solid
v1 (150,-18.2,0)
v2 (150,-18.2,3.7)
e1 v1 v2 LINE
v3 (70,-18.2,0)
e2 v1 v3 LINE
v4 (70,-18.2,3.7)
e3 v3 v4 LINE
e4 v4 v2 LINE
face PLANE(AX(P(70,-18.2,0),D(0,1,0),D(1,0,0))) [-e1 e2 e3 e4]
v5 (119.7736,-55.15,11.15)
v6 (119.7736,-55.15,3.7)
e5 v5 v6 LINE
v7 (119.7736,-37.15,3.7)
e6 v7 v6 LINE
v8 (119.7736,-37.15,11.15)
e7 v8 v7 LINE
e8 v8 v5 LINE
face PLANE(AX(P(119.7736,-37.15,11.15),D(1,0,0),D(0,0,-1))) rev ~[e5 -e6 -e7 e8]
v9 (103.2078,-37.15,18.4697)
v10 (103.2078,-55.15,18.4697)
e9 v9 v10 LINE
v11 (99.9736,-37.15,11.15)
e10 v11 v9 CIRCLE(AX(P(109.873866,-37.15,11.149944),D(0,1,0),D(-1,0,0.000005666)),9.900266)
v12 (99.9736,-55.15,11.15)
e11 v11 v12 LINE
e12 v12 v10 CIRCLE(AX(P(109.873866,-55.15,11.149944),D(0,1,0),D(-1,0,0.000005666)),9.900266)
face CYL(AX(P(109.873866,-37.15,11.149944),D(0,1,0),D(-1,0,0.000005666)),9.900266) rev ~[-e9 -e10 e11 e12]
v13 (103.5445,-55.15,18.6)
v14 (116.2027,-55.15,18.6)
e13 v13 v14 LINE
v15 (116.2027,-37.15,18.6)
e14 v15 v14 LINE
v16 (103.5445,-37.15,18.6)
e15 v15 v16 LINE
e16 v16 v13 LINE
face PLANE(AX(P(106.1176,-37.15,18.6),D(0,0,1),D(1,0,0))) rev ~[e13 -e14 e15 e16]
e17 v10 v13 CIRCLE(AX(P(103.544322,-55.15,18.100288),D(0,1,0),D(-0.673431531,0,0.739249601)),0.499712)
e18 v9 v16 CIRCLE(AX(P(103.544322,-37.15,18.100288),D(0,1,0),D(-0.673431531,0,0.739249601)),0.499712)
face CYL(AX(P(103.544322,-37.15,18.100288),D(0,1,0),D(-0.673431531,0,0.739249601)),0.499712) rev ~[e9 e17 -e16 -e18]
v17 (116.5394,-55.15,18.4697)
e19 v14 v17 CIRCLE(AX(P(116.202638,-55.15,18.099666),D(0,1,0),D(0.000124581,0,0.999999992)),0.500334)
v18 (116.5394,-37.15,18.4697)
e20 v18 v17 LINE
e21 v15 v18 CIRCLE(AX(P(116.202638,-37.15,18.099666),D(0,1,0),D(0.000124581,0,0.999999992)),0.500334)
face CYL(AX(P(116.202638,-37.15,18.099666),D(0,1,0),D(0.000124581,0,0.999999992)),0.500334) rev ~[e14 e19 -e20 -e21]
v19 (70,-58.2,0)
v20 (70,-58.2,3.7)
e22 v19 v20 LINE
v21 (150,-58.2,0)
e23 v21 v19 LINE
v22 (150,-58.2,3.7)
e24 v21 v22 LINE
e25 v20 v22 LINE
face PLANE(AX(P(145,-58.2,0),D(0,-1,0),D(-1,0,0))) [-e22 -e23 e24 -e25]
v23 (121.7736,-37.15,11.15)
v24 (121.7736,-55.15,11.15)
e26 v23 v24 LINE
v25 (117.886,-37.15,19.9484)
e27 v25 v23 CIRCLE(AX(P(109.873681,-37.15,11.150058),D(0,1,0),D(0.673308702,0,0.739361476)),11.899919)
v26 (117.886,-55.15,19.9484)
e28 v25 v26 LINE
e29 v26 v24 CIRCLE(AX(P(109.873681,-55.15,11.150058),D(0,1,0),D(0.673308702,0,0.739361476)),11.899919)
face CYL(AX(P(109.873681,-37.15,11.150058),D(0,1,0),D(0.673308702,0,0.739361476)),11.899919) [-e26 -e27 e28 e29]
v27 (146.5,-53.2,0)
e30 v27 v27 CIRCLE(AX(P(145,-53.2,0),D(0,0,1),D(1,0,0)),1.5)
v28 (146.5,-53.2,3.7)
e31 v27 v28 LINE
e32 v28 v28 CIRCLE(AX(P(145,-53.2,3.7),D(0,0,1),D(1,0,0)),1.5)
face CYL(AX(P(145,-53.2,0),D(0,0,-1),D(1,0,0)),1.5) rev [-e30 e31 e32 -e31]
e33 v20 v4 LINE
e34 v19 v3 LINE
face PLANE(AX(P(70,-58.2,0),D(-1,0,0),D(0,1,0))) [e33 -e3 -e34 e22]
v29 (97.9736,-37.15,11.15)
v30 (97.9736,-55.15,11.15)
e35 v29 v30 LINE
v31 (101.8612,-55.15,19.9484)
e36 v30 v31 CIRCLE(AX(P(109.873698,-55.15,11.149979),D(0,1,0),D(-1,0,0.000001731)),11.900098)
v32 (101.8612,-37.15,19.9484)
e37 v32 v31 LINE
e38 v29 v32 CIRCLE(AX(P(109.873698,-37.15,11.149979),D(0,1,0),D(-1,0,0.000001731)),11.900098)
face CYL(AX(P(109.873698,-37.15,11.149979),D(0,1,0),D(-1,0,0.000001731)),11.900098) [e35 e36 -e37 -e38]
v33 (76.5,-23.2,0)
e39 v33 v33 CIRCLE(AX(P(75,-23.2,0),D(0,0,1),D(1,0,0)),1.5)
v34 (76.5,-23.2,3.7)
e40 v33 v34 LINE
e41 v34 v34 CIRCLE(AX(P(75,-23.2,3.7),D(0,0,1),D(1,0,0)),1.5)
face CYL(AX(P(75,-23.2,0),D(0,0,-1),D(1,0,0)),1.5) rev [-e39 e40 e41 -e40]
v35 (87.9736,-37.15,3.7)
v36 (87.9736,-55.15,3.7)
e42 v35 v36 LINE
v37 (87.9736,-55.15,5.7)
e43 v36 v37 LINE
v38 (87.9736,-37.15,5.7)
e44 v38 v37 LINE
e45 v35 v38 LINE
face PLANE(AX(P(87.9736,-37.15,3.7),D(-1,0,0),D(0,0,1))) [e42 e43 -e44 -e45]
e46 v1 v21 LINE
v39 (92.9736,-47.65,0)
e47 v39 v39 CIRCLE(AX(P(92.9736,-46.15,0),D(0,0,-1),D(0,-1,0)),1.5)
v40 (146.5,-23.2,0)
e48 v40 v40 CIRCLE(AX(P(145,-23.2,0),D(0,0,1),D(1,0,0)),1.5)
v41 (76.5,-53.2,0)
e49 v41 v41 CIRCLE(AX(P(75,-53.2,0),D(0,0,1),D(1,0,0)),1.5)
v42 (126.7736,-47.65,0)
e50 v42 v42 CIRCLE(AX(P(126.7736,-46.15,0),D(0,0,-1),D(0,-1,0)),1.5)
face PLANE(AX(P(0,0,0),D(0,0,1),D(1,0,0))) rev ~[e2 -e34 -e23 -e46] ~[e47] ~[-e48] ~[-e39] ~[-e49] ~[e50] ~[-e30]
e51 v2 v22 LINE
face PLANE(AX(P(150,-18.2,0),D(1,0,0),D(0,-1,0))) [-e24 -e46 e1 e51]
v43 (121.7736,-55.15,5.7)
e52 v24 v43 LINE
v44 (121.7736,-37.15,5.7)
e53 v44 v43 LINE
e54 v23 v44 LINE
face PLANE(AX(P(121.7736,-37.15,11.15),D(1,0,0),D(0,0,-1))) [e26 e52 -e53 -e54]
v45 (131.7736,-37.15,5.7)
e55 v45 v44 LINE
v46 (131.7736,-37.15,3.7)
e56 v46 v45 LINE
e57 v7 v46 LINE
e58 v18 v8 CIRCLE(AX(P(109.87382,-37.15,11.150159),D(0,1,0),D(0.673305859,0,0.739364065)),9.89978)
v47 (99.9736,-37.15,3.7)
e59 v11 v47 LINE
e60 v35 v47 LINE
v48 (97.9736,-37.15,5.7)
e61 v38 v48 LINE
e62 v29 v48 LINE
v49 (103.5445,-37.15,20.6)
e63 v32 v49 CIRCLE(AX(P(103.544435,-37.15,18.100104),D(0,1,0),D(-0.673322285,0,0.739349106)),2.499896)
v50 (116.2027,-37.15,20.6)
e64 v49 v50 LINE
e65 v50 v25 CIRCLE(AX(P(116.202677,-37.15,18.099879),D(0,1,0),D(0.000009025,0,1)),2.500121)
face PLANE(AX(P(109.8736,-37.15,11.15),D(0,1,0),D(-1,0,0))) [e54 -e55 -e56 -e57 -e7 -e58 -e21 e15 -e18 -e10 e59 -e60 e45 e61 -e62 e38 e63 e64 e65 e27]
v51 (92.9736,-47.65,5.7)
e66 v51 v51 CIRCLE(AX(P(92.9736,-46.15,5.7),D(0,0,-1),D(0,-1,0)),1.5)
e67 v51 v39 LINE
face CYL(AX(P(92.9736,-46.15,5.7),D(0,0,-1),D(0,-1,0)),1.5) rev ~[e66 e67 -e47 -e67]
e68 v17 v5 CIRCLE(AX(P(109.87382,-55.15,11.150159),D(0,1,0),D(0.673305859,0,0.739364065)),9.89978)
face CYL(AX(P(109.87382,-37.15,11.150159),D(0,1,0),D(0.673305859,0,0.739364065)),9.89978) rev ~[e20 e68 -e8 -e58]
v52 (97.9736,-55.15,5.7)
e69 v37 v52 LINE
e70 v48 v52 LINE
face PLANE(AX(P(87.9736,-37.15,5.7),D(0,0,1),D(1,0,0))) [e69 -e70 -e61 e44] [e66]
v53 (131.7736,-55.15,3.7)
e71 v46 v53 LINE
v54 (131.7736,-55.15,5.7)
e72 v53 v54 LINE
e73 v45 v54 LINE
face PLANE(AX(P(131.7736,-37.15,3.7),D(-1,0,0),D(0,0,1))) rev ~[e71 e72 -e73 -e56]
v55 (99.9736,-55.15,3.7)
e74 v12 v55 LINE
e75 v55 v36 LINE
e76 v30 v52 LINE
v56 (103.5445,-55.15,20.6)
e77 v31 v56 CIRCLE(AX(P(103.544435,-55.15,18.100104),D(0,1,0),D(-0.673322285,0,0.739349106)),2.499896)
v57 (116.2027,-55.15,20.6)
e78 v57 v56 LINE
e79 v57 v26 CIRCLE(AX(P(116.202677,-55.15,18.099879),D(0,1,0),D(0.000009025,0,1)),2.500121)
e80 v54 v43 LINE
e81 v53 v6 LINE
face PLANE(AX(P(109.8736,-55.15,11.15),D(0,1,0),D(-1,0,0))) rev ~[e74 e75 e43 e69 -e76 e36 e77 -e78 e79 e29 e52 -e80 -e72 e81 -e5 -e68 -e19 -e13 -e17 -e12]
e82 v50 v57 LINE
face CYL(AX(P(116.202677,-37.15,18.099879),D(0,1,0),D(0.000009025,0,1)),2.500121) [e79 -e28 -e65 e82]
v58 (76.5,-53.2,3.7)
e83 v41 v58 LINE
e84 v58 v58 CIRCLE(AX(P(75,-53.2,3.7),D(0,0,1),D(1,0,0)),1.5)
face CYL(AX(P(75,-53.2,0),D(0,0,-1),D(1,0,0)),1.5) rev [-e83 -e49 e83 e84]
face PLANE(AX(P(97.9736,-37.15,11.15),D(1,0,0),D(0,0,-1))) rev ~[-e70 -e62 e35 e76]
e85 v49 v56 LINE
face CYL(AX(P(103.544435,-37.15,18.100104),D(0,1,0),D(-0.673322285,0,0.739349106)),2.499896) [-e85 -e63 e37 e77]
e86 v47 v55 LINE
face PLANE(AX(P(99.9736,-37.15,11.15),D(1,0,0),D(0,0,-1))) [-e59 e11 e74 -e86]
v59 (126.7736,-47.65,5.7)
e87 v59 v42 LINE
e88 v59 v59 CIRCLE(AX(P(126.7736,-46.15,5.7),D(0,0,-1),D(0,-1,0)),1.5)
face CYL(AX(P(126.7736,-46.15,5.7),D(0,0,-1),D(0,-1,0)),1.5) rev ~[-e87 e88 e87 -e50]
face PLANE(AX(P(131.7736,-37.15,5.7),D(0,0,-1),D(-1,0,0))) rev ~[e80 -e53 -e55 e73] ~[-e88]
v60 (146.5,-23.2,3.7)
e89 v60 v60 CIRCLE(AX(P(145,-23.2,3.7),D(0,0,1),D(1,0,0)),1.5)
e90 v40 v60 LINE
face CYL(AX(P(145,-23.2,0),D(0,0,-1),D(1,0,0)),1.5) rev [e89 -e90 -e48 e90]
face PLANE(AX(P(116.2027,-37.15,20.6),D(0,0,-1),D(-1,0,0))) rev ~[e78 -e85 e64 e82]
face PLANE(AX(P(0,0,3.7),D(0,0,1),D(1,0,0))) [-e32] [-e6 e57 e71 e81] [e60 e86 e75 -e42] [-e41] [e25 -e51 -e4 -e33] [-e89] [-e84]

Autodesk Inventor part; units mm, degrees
ref_plane "YZ Plane" through (0, 0, 0) normal (1, 0, 0) x (0, 1, 0)
ref_plane "XZ Plane" through (0, 0, 0) normal (0, 1, 0) x (-1, 0, 0)
ref_plane "XY Plane" through (0, 0, 0) normal (0, 0, 1) x (1, 0, 0)
sketch "Sketch1" plane through (0, 0, 0) normal (0, 0, 1) x (1, 0, 0)
  line L0 (-200, 100) -> (200, 100) projected
  line L1 (-200, -100) -> (-200, 100) projected
  line L2 (200, -100) -> (-200, -100) projected
  line L3 (200, 100) -> (200, -100) projected
  line L4 (-121, -18.2) -> (-94.2029, -18.2) projected
  line L5 (-94.2029, -18.2) -> (188.9125, -18.2)
  line L6 (110, -18.2) -> (70, -18.2)
  line L7 (70, -18.2) -> (150, -18.2)
  line L8 (150, -18.2) -> (150, -58.2)
  line L9 (150, -58.2) -> (70, -58.2)
  line L10 (70, -58.2) -> (70, -18.2)
  line L11 (150, -58.2) -> (145, -58.2)
  circle A0 centre (145, -53.2) radius 1.5
  circle A1 centre (145, -23.2) radius 1.5
  circle A2 centre (75, -23.2) radius 1.5
  circle A3 centre (75, -53.2) radius 1.5
  point P0 (0, 0)
  dimension "d2" = 80
  dimension "d3" = 40
  dimension "d4" = 5
extrude "Extrusion1" add sketch "Sketch1" along normal blind 3.7 contours L5 L8 L9 L10
ref_plane "Work Plane1" through (109.8736, -37.15, 11.15) normal (0, 1, 0) x (-1, 0, 0)
sketch "Sketch2" plane through (109.8736, -37.15, 11.15) normal (0, 1, 0) x (-1, 0, 0)
  line L0 (3.756, 7.45) -> (-3.756, 7.45)
  arc A0 (-6.6658, 7.3197) -> (-9.9, 0) centre (0, 0) ccw
  arc A1 (9.9, 0) -> (6.6658, 7.3197) centre (0, 0) ccw
  arc A2 (6.6658, 7.3197) -> (6.3291, 7.45) centre (6.3291, 6.95) ccw
  arc A3 (-6.3291, 7.45) -> (-6.6658, 7.3197) centre (-6.3291, 6.95) ccw
  line L1 (-3.756, 7.45) -> (-6.3291, 7.45)
  line L2 (6.3291, 7.45) -> (3.756, 7.45)
  arc A4 (-6.3291, 9.45) -> (-8.0124, 8.7984) centre (-6.3291, 6.95) ccw
  line L3 (-6.3291, 9.45) -> (-3.756, 9.45)
  line L4 (-3.756, 9.45) -> (3.756, 9.45)
  line L5 (3.756, 9.45) -> (6.3291, 9.45)
  arc A5 (8.0124, 8.7984) -> (6.3291, 9.45) centre (6.3291, 6.95) ccw
  line L6 (-11.9, 0) -> (-11.9, -5.45)
  line L7 (39.8736, -7.45) -> (-40.1264, -7.45) projected
  line L8 (-11.9, -7.45) -> (-21.9, -7.45)
  line L9 (-21.9, -7.45) -> (-21.9, -5.45)
  line L10 (-21.9, -5.45) -> (-11.9, -5.45)
  line L11 (11.9, -7.45) -> (21.9, -7.45)
  line L12 (21.9, -7.45) -> (21.9, -5.45)
  line L13 (21.9, -5.45) -> (11.9, -5.45)
  line L14 (9.9, 0) -> (9.9, -7.45)
  line L15 (-9.9, 0) -> (-9.9, -7.45)
  arc A6 (-8.0124, 8.7984) -> (-11.9, 0) centre (0, 0) ccw
  arc A7 (11.9, 0) -> (8.0124, 8.7984) centre (0, 0) ccw
  line L16 (11.9, 0) -> (11.9, -5.45)
  line L17 (-21.9, -7.45) -> (21.9, -7.45)
  point P0 (109.8736, -11.15)
  point P1 (21.9, -7.45)
  point P2 (-21.9, -7.45)
  dimension "d21" = 10
  dimension "d22" = 2
  dimension "d23" = 10
  dimension "d24" = 2
  dimension "d26" = 2
extrude "Extrusion2" add sketch "Sketch2" against normal blind 18 contours L0 L1 A3 A0 L15 L7 L9 L10 L6 A6 A4 L3 L4 L5 A5 A7 L16 L13 L12 L14 A1 A2 L2
sketch "Sketch3" plane through (121.7736, -37.15, 5.7) normal (0, 0, 1) x (1, 0, 0)
  line L0 (10, -18) -> (0, -18) projected
  circle A0 centre (5, -9) radius 1.5
  line L1 (-33.8, -18) -> (-33.8, 0) projected
  line L2 (-33.8, -18) -> (-33.8, -9)
  circle A1 centre (-28.8, -9) radius 1.5
  point P0 (-121.7736, 37.15)
hole "Hole1" at (126.7736, -46.15, 5.7) at (92.9736, -46.15, 5.7) direction (0, 0, -1) diameter 3 end through all
properties part number "suporte_motor_1"
